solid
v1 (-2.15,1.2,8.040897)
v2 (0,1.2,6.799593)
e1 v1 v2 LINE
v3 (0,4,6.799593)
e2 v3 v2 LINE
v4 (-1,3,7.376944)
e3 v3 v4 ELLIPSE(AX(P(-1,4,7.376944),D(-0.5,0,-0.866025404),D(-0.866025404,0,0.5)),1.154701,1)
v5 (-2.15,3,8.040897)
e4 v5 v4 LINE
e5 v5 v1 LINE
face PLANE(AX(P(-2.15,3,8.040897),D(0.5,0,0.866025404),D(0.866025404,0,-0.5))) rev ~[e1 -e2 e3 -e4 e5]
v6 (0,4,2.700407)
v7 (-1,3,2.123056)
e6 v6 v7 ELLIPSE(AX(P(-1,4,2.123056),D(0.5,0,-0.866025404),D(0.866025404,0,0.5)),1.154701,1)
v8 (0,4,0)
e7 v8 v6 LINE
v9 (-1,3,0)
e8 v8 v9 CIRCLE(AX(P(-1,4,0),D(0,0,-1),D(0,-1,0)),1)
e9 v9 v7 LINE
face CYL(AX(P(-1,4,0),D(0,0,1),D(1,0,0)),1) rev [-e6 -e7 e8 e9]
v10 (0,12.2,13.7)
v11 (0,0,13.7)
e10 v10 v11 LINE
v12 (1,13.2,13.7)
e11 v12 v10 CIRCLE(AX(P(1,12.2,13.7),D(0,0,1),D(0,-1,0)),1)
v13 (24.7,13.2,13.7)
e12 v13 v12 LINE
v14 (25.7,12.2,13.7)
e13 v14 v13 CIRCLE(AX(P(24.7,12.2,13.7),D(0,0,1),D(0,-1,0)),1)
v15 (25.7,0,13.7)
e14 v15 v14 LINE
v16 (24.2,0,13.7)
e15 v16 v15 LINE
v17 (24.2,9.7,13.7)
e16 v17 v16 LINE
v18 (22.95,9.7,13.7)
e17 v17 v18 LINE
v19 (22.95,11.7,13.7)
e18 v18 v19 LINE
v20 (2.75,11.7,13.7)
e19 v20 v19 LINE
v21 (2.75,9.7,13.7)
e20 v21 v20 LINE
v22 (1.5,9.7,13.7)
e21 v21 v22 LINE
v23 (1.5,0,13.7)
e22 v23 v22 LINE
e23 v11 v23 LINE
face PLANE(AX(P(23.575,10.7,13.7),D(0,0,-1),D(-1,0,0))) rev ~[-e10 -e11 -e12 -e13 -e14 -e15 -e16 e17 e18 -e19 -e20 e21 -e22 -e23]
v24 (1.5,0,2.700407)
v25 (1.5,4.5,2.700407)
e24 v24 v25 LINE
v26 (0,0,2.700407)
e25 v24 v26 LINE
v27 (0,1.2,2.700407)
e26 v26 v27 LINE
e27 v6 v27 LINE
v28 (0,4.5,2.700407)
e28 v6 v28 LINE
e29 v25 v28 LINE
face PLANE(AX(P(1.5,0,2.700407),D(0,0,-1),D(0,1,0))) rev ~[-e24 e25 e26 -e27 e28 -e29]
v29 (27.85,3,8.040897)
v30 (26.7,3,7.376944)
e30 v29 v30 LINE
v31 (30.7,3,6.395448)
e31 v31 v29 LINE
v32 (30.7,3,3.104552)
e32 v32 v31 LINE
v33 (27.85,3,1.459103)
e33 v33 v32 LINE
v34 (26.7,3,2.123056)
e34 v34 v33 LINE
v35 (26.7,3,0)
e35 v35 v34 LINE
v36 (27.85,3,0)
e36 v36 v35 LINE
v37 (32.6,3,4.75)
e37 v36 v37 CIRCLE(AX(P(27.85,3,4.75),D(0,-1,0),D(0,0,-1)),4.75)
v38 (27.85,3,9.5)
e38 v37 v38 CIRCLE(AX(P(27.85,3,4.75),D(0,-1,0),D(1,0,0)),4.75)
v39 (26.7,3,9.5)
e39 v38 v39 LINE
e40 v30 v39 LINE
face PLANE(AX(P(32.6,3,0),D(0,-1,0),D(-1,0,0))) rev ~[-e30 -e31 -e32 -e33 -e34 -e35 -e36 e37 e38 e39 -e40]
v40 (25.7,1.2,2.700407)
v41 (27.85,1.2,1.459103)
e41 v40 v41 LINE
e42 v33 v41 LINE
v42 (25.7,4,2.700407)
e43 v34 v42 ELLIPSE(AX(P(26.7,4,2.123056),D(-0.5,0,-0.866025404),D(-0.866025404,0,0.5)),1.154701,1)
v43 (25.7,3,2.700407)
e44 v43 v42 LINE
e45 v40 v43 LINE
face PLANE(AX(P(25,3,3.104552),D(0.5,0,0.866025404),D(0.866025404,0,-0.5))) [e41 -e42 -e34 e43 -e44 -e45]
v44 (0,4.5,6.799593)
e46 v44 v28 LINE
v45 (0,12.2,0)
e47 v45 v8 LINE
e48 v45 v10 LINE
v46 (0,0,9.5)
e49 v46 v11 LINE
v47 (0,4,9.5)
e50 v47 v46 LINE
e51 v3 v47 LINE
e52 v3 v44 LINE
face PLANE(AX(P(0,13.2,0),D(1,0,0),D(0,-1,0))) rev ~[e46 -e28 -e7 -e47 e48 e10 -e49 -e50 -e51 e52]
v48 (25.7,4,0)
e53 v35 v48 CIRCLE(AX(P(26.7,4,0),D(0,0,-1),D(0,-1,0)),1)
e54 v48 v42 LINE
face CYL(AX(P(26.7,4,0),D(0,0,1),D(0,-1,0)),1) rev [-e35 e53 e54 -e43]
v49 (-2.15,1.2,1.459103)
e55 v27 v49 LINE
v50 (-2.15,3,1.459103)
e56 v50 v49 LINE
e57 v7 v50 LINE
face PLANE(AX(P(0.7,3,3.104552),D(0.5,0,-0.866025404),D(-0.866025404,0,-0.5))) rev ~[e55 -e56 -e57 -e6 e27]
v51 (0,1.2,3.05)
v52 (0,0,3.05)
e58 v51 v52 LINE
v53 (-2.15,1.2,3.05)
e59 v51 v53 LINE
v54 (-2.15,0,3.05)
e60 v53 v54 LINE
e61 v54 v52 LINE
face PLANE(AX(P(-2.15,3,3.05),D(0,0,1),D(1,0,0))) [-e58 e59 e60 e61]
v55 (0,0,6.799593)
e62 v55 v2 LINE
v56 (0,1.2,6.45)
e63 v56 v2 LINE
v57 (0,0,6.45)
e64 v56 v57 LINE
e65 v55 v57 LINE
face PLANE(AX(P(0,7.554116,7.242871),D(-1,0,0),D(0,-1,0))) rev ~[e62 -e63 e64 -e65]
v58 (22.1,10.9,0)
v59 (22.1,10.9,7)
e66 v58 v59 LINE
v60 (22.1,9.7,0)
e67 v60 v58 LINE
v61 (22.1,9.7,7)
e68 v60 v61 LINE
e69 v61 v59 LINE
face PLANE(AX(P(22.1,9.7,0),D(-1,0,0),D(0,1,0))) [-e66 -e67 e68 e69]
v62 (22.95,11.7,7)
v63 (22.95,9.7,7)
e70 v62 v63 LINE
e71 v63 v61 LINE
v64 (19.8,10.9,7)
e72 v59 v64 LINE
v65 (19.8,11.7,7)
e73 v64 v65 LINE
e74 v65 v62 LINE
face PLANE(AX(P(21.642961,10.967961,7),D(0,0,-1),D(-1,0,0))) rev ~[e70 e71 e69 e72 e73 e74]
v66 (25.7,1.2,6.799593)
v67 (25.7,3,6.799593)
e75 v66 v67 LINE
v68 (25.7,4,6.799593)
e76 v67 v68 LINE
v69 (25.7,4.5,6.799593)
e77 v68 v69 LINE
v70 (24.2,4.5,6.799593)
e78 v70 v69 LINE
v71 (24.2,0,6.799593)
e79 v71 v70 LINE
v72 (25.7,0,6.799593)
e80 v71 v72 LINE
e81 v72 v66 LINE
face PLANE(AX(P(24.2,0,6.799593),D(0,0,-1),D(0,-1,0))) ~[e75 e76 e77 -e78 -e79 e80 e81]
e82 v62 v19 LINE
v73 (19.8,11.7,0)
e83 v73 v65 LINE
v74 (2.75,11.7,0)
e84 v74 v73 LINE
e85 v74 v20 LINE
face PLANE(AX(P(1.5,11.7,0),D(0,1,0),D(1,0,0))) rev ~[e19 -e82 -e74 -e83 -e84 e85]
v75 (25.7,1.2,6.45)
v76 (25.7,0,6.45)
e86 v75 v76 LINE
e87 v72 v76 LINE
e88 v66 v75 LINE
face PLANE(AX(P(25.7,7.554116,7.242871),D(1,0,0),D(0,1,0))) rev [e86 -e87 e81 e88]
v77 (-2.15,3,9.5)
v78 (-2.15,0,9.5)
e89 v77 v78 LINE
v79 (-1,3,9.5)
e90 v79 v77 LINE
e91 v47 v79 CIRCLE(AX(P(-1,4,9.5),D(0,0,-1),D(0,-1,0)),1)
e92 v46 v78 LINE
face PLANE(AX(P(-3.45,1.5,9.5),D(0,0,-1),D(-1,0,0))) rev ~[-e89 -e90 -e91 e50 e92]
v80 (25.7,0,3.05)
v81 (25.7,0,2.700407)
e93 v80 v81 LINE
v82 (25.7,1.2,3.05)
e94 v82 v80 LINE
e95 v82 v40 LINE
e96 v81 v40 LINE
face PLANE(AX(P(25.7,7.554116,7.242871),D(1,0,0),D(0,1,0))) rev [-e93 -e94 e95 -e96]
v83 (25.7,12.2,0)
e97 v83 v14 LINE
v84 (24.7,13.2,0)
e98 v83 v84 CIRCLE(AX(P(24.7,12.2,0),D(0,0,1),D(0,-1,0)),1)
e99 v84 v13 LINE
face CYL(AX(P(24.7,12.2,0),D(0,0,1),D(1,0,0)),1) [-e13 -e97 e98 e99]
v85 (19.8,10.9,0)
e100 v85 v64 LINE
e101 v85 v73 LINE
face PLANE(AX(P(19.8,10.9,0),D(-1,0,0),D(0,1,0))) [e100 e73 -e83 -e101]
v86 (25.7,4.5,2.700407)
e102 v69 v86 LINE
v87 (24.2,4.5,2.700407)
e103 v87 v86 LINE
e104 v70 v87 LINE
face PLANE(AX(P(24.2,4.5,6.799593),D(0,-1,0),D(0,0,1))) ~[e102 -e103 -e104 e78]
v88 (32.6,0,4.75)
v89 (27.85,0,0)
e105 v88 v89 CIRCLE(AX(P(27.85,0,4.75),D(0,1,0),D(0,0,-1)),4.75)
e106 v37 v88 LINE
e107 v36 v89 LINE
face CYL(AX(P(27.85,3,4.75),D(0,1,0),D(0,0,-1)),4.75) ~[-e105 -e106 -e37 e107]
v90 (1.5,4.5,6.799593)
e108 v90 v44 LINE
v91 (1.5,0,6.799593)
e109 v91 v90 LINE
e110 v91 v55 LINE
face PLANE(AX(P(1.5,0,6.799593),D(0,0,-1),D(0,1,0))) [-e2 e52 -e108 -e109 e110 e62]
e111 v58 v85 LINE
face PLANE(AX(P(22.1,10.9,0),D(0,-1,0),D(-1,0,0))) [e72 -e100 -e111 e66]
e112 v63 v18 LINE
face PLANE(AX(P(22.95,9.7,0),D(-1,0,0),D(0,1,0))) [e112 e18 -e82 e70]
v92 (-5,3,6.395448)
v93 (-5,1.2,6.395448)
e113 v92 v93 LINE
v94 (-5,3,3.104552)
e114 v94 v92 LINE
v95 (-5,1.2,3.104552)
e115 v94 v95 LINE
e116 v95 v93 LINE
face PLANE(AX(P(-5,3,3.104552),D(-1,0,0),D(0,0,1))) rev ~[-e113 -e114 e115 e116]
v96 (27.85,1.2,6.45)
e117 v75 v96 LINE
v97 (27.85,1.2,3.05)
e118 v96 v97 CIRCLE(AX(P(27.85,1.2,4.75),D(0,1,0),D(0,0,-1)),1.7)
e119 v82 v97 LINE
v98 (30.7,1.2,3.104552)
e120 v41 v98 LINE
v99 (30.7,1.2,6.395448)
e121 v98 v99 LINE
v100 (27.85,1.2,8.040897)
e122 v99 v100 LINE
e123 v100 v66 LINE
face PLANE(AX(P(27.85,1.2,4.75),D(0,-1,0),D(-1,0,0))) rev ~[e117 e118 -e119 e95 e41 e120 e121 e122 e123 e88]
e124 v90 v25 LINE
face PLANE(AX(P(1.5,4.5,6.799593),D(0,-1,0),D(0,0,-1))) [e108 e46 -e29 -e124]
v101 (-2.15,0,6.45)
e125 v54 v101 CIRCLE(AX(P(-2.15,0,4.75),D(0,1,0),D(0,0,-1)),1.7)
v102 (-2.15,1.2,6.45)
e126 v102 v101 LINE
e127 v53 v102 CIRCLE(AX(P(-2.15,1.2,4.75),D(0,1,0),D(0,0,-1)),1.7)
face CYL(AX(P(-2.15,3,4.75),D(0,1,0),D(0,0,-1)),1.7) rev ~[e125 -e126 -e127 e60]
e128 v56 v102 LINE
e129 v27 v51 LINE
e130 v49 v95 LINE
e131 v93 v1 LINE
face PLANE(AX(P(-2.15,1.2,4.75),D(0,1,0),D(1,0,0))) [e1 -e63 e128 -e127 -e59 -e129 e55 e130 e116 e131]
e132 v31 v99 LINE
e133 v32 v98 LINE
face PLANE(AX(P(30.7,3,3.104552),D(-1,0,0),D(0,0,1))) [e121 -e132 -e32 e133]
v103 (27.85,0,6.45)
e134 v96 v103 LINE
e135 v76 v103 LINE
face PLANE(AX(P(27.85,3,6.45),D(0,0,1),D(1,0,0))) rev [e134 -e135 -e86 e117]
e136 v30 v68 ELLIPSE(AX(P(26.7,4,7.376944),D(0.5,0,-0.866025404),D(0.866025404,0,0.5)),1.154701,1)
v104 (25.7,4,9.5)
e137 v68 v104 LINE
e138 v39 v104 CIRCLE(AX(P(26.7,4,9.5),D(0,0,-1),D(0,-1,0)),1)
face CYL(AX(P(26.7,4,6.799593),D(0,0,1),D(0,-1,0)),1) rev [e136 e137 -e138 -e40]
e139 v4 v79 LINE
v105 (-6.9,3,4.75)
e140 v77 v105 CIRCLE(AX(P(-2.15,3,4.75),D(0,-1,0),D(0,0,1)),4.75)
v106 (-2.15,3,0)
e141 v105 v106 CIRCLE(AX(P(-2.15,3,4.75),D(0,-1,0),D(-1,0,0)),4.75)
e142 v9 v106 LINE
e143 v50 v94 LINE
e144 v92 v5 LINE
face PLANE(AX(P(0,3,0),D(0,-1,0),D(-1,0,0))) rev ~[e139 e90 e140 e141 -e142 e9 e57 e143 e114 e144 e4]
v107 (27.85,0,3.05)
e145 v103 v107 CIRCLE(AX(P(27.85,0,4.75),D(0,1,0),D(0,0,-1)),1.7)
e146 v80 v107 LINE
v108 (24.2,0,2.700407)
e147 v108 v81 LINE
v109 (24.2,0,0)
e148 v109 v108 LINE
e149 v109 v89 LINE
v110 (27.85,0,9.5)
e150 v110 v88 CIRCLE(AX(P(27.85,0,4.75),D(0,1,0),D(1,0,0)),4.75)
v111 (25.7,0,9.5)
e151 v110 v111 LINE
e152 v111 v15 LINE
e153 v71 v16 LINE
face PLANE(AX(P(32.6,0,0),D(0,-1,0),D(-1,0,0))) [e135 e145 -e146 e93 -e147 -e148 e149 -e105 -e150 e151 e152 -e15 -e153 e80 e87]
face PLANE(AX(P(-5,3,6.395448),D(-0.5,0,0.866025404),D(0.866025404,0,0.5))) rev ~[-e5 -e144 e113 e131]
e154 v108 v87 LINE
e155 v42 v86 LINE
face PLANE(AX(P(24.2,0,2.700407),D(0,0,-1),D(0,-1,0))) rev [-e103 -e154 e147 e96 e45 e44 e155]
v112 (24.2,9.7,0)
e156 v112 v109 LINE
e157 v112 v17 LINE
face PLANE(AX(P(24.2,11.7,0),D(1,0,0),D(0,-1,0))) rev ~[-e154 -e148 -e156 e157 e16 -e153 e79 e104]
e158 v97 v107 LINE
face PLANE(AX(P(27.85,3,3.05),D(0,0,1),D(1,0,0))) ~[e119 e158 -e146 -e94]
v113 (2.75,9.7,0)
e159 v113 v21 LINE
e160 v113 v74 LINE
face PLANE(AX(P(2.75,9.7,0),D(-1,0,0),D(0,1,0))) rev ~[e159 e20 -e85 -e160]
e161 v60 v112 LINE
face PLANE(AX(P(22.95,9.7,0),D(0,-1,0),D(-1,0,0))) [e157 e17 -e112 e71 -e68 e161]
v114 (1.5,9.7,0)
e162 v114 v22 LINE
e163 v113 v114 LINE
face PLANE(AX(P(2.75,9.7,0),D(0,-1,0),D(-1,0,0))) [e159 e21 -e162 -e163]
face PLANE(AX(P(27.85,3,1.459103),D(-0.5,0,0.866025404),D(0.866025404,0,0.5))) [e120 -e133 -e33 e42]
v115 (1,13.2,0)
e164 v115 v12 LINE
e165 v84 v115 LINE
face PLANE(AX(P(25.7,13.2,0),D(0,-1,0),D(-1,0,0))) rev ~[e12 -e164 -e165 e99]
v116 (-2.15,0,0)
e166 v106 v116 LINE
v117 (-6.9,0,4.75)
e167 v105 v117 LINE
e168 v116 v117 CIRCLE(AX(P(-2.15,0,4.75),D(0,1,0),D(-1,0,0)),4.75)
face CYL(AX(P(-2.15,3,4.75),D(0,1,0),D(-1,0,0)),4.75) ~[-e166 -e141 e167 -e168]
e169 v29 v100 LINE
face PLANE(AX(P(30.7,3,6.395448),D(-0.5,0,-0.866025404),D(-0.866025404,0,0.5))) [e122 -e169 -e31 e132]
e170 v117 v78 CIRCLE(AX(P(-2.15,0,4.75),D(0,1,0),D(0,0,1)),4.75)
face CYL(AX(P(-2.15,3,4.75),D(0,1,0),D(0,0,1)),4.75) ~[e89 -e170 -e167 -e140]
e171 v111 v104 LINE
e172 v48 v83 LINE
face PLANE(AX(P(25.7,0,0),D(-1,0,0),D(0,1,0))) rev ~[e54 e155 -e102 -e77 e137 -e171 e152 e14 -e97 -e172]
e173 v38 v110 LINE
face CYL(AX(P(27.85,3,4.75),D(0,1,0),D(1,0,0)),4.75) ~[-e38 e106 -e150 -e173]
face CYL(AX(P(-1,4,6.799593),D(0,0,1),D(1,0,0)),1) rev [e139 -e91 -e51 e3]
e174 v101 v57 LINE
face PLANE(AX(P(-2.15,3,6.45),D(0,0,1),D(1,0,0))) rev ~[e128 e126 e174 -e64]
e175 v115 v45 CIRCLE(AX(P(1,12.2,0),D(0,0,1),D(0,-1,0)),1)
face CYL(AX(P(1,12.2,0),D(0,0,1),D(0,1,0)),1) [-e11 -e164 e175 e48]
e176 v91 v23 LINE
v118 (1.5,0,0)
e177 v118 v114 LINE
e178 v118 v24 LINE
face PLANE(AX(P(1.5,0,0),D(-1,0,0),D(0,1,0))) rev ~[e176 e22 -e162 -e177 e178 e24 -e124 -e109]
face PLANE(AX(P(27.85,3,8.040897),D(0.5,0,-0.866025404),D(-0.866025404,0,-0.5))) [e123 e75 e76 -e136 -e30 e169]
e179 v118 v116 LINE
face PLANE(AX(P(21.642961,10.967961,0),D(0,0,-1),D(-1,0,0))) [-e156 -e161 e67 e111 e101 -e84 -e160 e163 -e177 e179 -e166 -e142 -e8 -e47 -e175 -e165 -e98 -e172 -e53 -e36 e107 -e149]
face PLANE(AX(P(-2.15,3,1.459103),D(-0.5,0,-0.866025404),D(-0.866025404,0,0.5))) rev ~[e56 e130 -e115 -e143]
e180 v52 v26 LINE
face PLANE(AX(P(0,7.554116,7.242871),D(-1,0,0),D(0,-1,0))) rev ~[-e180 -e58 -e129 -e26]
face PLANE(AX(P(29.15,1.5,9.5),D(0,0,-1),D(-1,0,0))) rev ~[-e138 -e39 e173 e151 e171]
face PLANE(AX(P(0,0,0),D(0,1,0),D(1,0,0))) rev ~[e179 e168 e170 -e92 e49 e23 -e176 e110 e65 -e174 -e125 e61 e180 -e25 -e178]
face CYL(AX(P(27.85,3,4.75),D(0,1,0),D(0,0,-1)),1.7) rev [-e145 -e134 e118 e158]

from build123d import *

# Parameters (mm, degrees)
BOSS_EXTRUDE1_DEPTH = 13.7
SKETCH3_W           = 6.9
SKETCH3_H           = 3
BOSS_EXTRUDE2_DEPTH = 9.5
SKETCH4_W           = 1.25
SKETCH4_H           = 2
BOSS_EXTRUDE3_DEPTH = 13.7
BOSS_EXTRUDE4_DEPTH = 7
CUT_EXTRUDE1_DEPTH  = 37.803396582
SKETCH7_W           = 2.15
SKETCH7_H           = 3.4
CUT_EXTRUDE2_DEPTH  = 37.803396582
CUT_EXTRUDE3_DEPTH  = 1.8
CUT_EXTRUDE4_REACH  = 38.457
SKETCH9_W           = 4.099186912
SKETCH9_H           = 4.5
FILLET1_R           = 1
FILLET2_R           = 1


with BuildPart() as part:
    # Sketch2 → Boss-Extrude1 (new body)
    with BuildSketch(Plane.XY):
        Polygon((0, 13.2), (0, 0), (1.5, 0), (1.5, 11.7), (24.2, 11.7), (24.2, 0), (25.7, 0), (25.7, 13.2), align=None)
    extrude(amount=BOSS_EXTRUDE1_DEPTH)

    # Sketch3 → Boss-Extrude2 (add)
    with BuildSketch(Plane(origin=(0, 0, 0), x_dir=(-1, 0, 0), z_dir=(0, 0, -1))):
        with Locations((-29.15, 1.5)):
            Rectangle(SKETCH3_W, SKETCH3_H)
        with Locations((3.45, 1.5)):
            Rectangle(SKETCH3_W, SKETCH3_H)
    extrude(amount=-BOSS_EXTRUDE2_DEPTH)

    # Sketch4 → Boss-Extrude3 (add)
    with BuildSketch(Plane(origin=(0, 0, 0), x_dir=(-1, 0, 0), z_dir=(0, 0, -1))):
        with Locations((-23.575, 10.7)):
            Rectangle(SKETCH4_W, SKETCH4_H)
        with Locations((-2.125, 10.7)):
            Rectangle(SKETCH4_W, SKETCH4_H)
    extrude(amount=-BOSS_EXTRUDE3_DEPTH)

    # Sketch5 → Boss-Extrude4 (add)
    with BuildSketch(Plane(origin=(0, 0, 0), x_dir=(-1, 0, 0), z_dir=(0, 0, -1))):
        Polygon((-22.95, 11.7), (-22.95, 9.7), (-22.1, 9.7), (-22.1, 10.9), (-19.8, 10.9), (-19.8, 11.7), align=None)
    extrude(amount=-BOSS_EXTRUDE4_DEPTH)

    # Sketch6 → Cut-Extrude1 (cut, through all)
    with BuildSketch(Plane(origin=(0, 3, 0), x_dir=(1, 0, 0), z_dir=(0, 1, 0))):
        with BuildLine():
            Line((32.6, -9.5), (32.6, -4.75))
            ThreePointArc((32.6, -4.75), (31.208757211, -8.108757211), (27.85, -9.5))
            Line((27.85, -9.5), (32.6, -9.5))
        make_face()
        with BuildLine():
            Line((32.6, -4.75), (32.6, 0))
            Line((32.6, 0), (27.85, 0))
            ThreePointArc((27.85, 0), (31.208757211, -1.391242789), (32.6, -4.75))
        make_face()
        with BuildLine():
            Line((-2.15, 0), (-6.9, 0))
            Line((-6.9, 0), (-6.9, -4.75))
            ThreePointArc((-6.9, -4.75), (-5.508757211, -1.391242789), (-2.15, 0))
        make_face()
        with BuildLine():
            ThreePointArc((-2.15, -9.5), (-5.508757211, -8.108757211), (-6.9, -4.75))
            Line((-6.9, -4.75), (-6.9, -9.5))
            Line((-6.9, -9.5), (-2.15, -9.5))
        make_face()
    extrude(amount=-CUT_EXTRUDE1_DEPTH, mode=Mode.SUBTRACT)

    # Sketch7 → Cut-Extrude2 (cut, through all)
    with BuildSketch(Plane(origin=(0, 3, 0), x_dir=(1, 0, 0), z_dir=(0, 1, 0))):
        with Locations((-1.075, -4.75)):
            Rectangle(SKETCH7_W, SKETCH7_H)
        with BuildLine():
            Line((-2.15, -6.45), (-2.15, -3.05))
            ThreePointArc((-2.15, -3.05), (-3.85, -4.75), (-2.15, -6.45))
        make_face()
    cut_extrude2 = extrude(amount=-CUT_EXTRUDE2_DEPTH, mode=Mode.SUBTRACT)

    # Sketch8 → Cut-Extrude3 (cut)
    with BuildSketch(Plane(origin=(0, 3, 0), x_dir=(1, 0, 0), z_dir=(0, 1, 0))):
        Polygon((-2.15, -8.040896534), (0.7, -6.395448267), (0.7, -3.104551733), (-2.15, -1.459103466), (-5, -3.104551733), (-5, -6.395448267), align=None)
        Polygon((30.7, -6.395448267), (27.85, -8.040896534), (25, -6.395448267), (25, -3.104551733), (27.85, -1.459103466), (30.7, -3.104551733), align=None)
    cut_extrude3 = extrude(amount=-CUT_EXTRUDE3_DEPTH, mode=Mode.SUBTRACT)

    # Cut-Extrude4: up to this face of the body (flat: up to its plane)
    cut_extrude4_end = Plane(part.part.faces().sort_by_distance((0, 7.554115794, 7.242871209))[0])
    # Sketch9 → Cut-Extrude4 (cut, up to the picked face)
    with BuildSketch(Plane(origin=(1.5, 0, 0), x_dir=(0, 0, -1), z_dir=(1, 0, 0)), mode=Mode.PRIVATE) as cut_extrude4_sk1:
        with Locations((-4.75, 2.25)):
            Rectangle(SKETCH9_W, SKETCH9_H)
    cut_extrude4_tool1 = split(extrude(cut_extrude4_sk1.sketch, amount=-CUT_EXTRUDE4_REACH, mode=Mode.PRIVATE), bisect_by=cut_extrude4_end, keep=Keep.BOTH, mode=Mode.PRIVATE)
    cut_extrude4 = cut_extrude4_tool1.solids().sort_by(Axis((1.5, 2.25, 4.75), (-1, 0, 0)))[0]
    add(cut_extrude4, mode=Mode.SUBTRACT)

    # Fillet1
    fillet1_edges = [part.edges().sort_by_distance(p)[0] for p in [
        (0, 3, 1.350203272),
        (25.7, 3, 1.350203272),
        (25.7, 3, 8.149796728),
        (0, 3, 8.149796728),
    ]]
    fillet(fillet1_edges, radius=FILLET1_R)

    # Mirror1: Cut-Extrude2, Cut-Extrude3, Cut-Extrude4 across plane
    add(cut_extrude2.mirror(Plane(origin=(12.85, 0, 0), x_dir=(0, 0, 1), z_dir=(1, 0, 0))), mode=Mode.SUBTRACT)
    add(cut_extrude3.mirror(Plane(origin=(12.85, 0, 0), x_dir=(0, 0, 1), z_dir=(1, 0, 0))), mode=Mode.SUBTRACT)
    add(cut_extrude4.mirror(Plane(origin=(12.85, 0, 0), x_dir=(0, 0, 1), z_dir=(1, 0, 0))), mode=Mode.SUBTRACT)

    # Fillet2
    fillet2_edges = [part.edges().sort_by_distance(p)[0] for p in [
        (0, 13.2, 6.85),
        (25.7, 13.2, 6.85),
    ]]
    fillet(fillet2_edges, radius=FILLET2_R)


solid = part.part
